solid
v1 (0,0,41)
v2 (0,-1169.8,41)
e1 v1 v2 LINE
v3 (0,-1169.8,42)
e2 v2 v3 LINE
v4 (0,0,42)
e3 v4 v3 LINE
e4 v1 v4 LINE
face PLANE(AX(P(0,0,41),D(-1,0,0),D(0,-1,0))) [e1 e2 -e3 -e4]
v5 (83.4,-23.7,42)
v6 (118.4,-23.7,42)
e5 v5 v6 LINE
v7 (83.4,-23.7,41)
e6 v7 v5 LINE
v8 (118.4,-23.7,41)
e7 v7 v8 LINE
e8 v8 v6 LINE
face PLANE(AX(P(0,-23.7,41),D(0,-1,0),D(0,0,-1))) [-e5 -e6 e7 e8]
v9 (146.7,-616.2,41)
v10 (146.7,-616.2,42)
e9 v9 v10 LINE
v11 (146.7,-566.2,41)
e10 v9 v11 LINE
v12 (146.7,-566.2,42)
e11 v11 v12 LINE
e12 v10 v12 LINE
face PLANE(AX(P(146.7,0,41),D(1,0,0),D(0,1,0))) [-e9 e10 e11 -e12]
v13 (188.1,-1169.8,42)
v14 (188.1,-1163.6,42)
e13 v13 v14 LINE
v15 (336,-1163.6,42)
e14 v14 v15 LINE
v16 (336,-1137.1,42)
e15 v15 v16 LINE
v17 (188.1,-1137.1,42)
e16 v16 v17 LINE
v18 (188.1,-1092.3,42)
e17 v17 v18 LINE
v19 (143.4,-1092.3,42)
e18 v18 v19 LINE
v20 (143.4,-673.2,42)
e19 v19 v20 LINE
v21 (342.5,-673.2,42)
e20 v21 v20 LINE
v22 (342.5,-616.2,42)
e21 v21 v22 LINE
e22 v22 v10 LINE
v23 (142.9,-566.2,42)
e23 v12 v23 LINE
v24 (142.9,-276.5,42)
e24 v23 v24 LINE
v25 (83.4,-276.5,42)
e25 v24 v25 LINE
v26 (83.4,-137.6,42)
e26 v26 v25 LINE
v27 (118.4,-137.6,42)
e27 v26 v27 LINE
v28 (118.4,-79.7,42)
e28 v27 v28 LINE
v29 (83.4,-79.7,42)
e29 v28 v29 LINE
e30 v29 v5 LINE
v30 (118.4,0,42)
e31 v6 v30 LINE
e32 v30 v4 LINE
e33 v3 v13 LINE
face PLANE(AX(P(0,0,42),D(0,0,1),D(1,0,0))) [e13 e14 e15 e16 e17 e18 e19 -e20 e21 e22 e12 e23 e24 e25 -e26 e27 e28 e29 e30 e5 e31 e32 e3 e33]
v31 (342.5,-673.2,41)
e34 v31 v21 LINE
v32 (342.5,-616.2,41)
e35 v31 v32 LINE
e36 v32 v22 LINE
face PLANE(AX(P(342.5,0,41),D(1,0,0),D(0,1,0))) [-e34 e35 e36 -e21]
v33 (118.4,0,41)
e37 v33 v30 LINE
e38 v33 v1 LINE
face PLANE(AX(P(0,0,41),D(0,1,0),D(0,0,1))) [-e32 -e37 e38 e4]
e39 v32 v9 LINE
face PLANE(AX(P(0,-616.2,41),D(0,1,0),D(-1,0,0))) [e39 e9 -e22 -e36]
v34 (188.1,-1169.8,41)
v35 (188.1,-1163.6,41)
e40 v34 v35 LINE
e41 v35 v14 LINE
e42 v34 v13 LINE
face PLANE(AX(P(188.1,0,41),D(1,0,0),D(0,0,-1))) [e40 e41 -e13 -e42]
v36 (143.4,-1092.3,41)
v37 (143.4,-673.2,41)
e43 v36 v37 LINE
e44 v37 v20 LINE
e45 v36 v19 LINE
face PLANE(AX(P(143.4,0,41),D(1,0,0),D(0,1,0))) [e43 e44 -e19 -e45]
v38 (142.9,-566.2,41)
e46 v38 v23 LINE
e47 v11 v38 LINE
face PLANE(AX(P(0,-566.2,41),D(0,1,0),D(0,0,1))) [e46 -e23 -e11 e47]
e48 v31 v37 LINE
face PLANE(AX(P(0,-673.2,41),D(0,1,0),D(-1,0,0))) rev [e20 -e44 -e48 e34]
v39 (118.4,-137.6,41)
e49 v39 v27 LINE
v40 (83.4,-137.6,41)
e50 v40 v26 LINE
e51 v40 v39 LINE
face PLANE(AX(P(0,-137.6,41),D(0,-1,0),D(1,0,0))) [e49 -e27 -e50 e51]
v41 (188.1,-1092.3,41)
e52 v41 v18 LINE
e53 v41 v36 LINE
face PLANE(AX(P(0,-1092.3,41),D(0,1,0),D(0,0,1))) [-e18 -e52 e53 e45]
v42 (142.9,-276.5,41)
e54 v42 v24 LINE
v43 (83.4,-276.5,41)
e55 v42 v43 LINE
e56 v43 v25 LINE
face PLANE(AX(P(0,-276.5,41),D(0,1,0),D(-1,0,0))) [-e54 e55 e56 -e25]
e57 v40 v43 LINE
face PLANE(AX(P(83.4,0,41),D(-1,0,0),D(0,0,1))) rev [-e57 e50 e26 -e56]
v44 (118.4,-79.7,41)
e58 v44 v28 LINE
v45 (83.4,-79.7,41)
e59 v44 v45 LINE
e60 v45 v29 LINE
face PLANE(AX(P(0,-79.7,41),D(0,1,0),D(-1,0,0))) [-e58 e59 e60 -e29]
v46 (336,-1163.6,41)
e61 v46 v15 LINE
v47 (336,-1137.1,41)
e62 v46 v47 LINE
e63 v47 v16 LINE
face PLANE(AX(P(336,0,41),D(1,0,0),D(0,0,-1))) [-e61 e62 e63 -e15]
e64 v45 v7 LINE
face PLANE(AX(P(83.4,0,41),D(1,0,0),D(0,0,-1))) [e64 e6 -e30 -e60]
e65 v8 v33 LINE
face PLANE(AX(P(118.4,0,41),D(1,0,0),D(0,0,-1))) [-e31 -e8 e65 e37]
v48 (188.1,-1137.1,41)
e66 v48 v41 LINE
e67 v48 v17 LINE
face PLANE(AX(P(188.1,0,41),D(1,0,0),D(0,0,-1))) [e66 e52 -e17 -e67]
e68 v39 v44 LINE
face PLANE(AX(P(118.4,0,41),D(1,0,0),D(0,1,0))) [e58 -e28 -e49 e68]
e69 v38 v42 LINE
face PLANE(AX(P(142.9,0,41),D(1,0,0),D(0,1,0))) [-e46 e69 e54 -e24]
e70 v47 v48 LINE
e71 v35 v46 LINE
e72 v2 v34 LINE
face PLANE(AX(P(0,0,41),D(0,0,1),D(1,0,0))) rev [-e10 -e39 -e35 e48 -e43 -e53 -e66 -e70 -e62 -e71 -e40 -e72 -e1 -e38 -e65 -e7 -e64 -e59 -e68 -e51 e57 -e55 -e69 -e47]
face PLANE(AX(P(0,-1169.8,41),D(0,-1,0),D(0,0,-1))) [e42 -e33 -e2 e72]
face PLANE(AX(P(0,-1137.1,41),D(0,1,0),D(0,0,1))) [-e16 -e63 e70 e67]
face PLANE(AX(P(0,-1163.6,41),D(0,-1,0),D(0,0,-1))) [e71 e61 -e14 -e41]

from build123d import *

# Parameters (mm, degrees)
SKETCH_1_W      = 15.2
SKETCH_1_H      = 25
SKETCH_1_W_2    = 15.9
SKETCH_1_W_3    = 60
SKETCH_1_H_2    = 55.8
SKETCH_1_H_3    = 56.6
SKETCH_1_H_4    = 59.4
SKETCH_1_W_4    = 147.9
SKETCH_1_H_5    = 26.5
SKETCH_1_H_6    = 78.6
SKETCH_1_H_7    = 80.6
SKETCH_1_H_8    = 81.1
SKETCH_1_W_5    = 59.5
SKETCH_1_H_9    = 83.5
SKETCH_1_H_10   = 84.1
SKETCH_1_H_11   = 84.6
SKETCH_1_H_12   = 84.7
SKETCH_1_H_13   = 103
SKETCH_1_H_14   = 103.2
SKETCH_1_H_15   = 105.1
SKETCH_1_H_16   = 111.3
SKETCH_1_H_17   = 127.2
SKETCH_1_H_18   = 130
EXTRUDE_1_DEPTH = 1


with BuildPart() as part:
    # 草图1 → 拉伸1 (new body)
    with BuildSketch(Plane.XY.offset(42)):
        with Locations((91, -1104.8)):
            Rectangle(SKETCH_1_W, SKETCH_1_H)
        with Locations((106.55, -1104.8)):
            Rectangle(SKETCH_1_W_2, SKETCH_1_H)
        with Locations((113.4, -865.7)):
            Rectangle(SKETCH_1_W_3, SKETCH_1_H_2)
        with Locations((30, -811.2)):
            Rectangle(SKETCH_1_W_3, SKETCH_1_H_3)
        with Locations((30, -306.2)):
            Rectangle(SKETCH_1_W_3, SKETCH_1_H_4)
        with Locations((262.05, -1150.35)):
            Rectangle(SKETCH_1_W_4, SKETCH_1_H_5)
        with Locations((30, -1130.5)):
            Rectangle(SKETCH_1_W_3, SKETCH_1_H_6)
        with Locations((30, -40.3)):
            Rectangle(SKETCH_1_W_3, SKETCH_1_H_7)
        with Locations((113.4, -713.75)):
            Rectangle(SKETCH_1_W_3, SKETCH_1_H_8)
        with Locations((113.15, -421.25)):
            Rectangle(SKETCH_1_W_5, SKETCH_1_H_9)
        with Locations((30, -1049.45)):
            Rectangle(SKETCH_1_W_3, SKETCH_1_H_9)
        with Locations((113.4, -796.05)):
            Rectangle(SKETCH_1_W_3, SKETCH_1_H_9)
        with Locations((30, -965.65)):
            Rectangle(SKETCH_1_W_3, SKETCH_1_H_10)
        with Locations((30, -881.55)):
            Rectangle(SKETCH_1_W_3, SKETCH_1_H_10)
        with Locations((30, -234.2)):
            Rectangle(SKETCH_1_W_3, SKETCH_1_H_11)
        with Locations((30, -378.25)):
            Rectangle(SKETCH_1_W_3, SKETCH_1_H_12)
        with Locations((113.4, -935.95)):
            Rectangle(SKETCH_1_W_3, SKETCH_1_H_12)
        with Locations((113.15, -328)):
            Rectangle(SKETCH_1_W_5, SKETCH_1_H_13)
        with Locations((113.15, -514.6)):
            Rectangle(SKETCH_1_W_5, SKETCH_1_H_14)
        with Locations((30, -730.35)):
            Rectangle(SKETCH_1_W_3, SKETCH_1_H_15)
        with Locations((30, -136.25)):
            Rectangle(SKETCH_1_W_3, SKETCH_1_H_16)
        Polygon((83.4, -978.3), (143.4, -978.3), (143.4, -1092.3), (114.5, -1092.3), (98.6, -1092.3), (83.4, -1092.3), align=None)
        with Locations((30, -614.2)):
            Rectangle(SKETCH_1_W_3, SKETCH_1_H_17)
        with Locations((30, -485.6)):
            Rectangle(SKETCH_1_W_3, SKETCH_1_H_18)
        Polygon((188.1, -1117.3), (188.1, -1092.3), (166.2, -1092.3), (143.4, -1092.3), (114.5, -1092.3), (114.5, -1117.3), (98.6, -1117.3), (83.4, -1117.3), (83.4, -1092.3), (83.4, -978.3), (83.4, -893.6), (83.4, -837.8), (83.4, -754.3), (83.4, -673.2), (143.4, -673.2), (342.5, -673.2), (342.5, -616.2), (192.5, -616.2), (146.7, -616.2), (146.7, -566.2), (142.9, -566.2), (83.4, -566.2), (83.4, -463), (83.4, -379.5), (83.4, -276.5), (83.4, -137.6), (118.4, -137.6), (118.4, -79.7), (83.4, -79.7), (83.4, -23.7), (118.4, -23.7), (118.4, 0), (60, 0), (60, -80.6), (60, -191.9), (60, -276.5), (60, -335.9), (60, -420.6), (60, -550.6), (60, -677.8), (60, -782.9), (60, -839.5), (60, -923.6), (60, -1007.7), (60, -1091.2), (60, -1169.8), (188.1, -1169.8), (188.1, -1163.6), (188.1, -1137.1), align=None)
    extrude(amount=-EXTRUDE_1_DEPTH)


solid = part.part
